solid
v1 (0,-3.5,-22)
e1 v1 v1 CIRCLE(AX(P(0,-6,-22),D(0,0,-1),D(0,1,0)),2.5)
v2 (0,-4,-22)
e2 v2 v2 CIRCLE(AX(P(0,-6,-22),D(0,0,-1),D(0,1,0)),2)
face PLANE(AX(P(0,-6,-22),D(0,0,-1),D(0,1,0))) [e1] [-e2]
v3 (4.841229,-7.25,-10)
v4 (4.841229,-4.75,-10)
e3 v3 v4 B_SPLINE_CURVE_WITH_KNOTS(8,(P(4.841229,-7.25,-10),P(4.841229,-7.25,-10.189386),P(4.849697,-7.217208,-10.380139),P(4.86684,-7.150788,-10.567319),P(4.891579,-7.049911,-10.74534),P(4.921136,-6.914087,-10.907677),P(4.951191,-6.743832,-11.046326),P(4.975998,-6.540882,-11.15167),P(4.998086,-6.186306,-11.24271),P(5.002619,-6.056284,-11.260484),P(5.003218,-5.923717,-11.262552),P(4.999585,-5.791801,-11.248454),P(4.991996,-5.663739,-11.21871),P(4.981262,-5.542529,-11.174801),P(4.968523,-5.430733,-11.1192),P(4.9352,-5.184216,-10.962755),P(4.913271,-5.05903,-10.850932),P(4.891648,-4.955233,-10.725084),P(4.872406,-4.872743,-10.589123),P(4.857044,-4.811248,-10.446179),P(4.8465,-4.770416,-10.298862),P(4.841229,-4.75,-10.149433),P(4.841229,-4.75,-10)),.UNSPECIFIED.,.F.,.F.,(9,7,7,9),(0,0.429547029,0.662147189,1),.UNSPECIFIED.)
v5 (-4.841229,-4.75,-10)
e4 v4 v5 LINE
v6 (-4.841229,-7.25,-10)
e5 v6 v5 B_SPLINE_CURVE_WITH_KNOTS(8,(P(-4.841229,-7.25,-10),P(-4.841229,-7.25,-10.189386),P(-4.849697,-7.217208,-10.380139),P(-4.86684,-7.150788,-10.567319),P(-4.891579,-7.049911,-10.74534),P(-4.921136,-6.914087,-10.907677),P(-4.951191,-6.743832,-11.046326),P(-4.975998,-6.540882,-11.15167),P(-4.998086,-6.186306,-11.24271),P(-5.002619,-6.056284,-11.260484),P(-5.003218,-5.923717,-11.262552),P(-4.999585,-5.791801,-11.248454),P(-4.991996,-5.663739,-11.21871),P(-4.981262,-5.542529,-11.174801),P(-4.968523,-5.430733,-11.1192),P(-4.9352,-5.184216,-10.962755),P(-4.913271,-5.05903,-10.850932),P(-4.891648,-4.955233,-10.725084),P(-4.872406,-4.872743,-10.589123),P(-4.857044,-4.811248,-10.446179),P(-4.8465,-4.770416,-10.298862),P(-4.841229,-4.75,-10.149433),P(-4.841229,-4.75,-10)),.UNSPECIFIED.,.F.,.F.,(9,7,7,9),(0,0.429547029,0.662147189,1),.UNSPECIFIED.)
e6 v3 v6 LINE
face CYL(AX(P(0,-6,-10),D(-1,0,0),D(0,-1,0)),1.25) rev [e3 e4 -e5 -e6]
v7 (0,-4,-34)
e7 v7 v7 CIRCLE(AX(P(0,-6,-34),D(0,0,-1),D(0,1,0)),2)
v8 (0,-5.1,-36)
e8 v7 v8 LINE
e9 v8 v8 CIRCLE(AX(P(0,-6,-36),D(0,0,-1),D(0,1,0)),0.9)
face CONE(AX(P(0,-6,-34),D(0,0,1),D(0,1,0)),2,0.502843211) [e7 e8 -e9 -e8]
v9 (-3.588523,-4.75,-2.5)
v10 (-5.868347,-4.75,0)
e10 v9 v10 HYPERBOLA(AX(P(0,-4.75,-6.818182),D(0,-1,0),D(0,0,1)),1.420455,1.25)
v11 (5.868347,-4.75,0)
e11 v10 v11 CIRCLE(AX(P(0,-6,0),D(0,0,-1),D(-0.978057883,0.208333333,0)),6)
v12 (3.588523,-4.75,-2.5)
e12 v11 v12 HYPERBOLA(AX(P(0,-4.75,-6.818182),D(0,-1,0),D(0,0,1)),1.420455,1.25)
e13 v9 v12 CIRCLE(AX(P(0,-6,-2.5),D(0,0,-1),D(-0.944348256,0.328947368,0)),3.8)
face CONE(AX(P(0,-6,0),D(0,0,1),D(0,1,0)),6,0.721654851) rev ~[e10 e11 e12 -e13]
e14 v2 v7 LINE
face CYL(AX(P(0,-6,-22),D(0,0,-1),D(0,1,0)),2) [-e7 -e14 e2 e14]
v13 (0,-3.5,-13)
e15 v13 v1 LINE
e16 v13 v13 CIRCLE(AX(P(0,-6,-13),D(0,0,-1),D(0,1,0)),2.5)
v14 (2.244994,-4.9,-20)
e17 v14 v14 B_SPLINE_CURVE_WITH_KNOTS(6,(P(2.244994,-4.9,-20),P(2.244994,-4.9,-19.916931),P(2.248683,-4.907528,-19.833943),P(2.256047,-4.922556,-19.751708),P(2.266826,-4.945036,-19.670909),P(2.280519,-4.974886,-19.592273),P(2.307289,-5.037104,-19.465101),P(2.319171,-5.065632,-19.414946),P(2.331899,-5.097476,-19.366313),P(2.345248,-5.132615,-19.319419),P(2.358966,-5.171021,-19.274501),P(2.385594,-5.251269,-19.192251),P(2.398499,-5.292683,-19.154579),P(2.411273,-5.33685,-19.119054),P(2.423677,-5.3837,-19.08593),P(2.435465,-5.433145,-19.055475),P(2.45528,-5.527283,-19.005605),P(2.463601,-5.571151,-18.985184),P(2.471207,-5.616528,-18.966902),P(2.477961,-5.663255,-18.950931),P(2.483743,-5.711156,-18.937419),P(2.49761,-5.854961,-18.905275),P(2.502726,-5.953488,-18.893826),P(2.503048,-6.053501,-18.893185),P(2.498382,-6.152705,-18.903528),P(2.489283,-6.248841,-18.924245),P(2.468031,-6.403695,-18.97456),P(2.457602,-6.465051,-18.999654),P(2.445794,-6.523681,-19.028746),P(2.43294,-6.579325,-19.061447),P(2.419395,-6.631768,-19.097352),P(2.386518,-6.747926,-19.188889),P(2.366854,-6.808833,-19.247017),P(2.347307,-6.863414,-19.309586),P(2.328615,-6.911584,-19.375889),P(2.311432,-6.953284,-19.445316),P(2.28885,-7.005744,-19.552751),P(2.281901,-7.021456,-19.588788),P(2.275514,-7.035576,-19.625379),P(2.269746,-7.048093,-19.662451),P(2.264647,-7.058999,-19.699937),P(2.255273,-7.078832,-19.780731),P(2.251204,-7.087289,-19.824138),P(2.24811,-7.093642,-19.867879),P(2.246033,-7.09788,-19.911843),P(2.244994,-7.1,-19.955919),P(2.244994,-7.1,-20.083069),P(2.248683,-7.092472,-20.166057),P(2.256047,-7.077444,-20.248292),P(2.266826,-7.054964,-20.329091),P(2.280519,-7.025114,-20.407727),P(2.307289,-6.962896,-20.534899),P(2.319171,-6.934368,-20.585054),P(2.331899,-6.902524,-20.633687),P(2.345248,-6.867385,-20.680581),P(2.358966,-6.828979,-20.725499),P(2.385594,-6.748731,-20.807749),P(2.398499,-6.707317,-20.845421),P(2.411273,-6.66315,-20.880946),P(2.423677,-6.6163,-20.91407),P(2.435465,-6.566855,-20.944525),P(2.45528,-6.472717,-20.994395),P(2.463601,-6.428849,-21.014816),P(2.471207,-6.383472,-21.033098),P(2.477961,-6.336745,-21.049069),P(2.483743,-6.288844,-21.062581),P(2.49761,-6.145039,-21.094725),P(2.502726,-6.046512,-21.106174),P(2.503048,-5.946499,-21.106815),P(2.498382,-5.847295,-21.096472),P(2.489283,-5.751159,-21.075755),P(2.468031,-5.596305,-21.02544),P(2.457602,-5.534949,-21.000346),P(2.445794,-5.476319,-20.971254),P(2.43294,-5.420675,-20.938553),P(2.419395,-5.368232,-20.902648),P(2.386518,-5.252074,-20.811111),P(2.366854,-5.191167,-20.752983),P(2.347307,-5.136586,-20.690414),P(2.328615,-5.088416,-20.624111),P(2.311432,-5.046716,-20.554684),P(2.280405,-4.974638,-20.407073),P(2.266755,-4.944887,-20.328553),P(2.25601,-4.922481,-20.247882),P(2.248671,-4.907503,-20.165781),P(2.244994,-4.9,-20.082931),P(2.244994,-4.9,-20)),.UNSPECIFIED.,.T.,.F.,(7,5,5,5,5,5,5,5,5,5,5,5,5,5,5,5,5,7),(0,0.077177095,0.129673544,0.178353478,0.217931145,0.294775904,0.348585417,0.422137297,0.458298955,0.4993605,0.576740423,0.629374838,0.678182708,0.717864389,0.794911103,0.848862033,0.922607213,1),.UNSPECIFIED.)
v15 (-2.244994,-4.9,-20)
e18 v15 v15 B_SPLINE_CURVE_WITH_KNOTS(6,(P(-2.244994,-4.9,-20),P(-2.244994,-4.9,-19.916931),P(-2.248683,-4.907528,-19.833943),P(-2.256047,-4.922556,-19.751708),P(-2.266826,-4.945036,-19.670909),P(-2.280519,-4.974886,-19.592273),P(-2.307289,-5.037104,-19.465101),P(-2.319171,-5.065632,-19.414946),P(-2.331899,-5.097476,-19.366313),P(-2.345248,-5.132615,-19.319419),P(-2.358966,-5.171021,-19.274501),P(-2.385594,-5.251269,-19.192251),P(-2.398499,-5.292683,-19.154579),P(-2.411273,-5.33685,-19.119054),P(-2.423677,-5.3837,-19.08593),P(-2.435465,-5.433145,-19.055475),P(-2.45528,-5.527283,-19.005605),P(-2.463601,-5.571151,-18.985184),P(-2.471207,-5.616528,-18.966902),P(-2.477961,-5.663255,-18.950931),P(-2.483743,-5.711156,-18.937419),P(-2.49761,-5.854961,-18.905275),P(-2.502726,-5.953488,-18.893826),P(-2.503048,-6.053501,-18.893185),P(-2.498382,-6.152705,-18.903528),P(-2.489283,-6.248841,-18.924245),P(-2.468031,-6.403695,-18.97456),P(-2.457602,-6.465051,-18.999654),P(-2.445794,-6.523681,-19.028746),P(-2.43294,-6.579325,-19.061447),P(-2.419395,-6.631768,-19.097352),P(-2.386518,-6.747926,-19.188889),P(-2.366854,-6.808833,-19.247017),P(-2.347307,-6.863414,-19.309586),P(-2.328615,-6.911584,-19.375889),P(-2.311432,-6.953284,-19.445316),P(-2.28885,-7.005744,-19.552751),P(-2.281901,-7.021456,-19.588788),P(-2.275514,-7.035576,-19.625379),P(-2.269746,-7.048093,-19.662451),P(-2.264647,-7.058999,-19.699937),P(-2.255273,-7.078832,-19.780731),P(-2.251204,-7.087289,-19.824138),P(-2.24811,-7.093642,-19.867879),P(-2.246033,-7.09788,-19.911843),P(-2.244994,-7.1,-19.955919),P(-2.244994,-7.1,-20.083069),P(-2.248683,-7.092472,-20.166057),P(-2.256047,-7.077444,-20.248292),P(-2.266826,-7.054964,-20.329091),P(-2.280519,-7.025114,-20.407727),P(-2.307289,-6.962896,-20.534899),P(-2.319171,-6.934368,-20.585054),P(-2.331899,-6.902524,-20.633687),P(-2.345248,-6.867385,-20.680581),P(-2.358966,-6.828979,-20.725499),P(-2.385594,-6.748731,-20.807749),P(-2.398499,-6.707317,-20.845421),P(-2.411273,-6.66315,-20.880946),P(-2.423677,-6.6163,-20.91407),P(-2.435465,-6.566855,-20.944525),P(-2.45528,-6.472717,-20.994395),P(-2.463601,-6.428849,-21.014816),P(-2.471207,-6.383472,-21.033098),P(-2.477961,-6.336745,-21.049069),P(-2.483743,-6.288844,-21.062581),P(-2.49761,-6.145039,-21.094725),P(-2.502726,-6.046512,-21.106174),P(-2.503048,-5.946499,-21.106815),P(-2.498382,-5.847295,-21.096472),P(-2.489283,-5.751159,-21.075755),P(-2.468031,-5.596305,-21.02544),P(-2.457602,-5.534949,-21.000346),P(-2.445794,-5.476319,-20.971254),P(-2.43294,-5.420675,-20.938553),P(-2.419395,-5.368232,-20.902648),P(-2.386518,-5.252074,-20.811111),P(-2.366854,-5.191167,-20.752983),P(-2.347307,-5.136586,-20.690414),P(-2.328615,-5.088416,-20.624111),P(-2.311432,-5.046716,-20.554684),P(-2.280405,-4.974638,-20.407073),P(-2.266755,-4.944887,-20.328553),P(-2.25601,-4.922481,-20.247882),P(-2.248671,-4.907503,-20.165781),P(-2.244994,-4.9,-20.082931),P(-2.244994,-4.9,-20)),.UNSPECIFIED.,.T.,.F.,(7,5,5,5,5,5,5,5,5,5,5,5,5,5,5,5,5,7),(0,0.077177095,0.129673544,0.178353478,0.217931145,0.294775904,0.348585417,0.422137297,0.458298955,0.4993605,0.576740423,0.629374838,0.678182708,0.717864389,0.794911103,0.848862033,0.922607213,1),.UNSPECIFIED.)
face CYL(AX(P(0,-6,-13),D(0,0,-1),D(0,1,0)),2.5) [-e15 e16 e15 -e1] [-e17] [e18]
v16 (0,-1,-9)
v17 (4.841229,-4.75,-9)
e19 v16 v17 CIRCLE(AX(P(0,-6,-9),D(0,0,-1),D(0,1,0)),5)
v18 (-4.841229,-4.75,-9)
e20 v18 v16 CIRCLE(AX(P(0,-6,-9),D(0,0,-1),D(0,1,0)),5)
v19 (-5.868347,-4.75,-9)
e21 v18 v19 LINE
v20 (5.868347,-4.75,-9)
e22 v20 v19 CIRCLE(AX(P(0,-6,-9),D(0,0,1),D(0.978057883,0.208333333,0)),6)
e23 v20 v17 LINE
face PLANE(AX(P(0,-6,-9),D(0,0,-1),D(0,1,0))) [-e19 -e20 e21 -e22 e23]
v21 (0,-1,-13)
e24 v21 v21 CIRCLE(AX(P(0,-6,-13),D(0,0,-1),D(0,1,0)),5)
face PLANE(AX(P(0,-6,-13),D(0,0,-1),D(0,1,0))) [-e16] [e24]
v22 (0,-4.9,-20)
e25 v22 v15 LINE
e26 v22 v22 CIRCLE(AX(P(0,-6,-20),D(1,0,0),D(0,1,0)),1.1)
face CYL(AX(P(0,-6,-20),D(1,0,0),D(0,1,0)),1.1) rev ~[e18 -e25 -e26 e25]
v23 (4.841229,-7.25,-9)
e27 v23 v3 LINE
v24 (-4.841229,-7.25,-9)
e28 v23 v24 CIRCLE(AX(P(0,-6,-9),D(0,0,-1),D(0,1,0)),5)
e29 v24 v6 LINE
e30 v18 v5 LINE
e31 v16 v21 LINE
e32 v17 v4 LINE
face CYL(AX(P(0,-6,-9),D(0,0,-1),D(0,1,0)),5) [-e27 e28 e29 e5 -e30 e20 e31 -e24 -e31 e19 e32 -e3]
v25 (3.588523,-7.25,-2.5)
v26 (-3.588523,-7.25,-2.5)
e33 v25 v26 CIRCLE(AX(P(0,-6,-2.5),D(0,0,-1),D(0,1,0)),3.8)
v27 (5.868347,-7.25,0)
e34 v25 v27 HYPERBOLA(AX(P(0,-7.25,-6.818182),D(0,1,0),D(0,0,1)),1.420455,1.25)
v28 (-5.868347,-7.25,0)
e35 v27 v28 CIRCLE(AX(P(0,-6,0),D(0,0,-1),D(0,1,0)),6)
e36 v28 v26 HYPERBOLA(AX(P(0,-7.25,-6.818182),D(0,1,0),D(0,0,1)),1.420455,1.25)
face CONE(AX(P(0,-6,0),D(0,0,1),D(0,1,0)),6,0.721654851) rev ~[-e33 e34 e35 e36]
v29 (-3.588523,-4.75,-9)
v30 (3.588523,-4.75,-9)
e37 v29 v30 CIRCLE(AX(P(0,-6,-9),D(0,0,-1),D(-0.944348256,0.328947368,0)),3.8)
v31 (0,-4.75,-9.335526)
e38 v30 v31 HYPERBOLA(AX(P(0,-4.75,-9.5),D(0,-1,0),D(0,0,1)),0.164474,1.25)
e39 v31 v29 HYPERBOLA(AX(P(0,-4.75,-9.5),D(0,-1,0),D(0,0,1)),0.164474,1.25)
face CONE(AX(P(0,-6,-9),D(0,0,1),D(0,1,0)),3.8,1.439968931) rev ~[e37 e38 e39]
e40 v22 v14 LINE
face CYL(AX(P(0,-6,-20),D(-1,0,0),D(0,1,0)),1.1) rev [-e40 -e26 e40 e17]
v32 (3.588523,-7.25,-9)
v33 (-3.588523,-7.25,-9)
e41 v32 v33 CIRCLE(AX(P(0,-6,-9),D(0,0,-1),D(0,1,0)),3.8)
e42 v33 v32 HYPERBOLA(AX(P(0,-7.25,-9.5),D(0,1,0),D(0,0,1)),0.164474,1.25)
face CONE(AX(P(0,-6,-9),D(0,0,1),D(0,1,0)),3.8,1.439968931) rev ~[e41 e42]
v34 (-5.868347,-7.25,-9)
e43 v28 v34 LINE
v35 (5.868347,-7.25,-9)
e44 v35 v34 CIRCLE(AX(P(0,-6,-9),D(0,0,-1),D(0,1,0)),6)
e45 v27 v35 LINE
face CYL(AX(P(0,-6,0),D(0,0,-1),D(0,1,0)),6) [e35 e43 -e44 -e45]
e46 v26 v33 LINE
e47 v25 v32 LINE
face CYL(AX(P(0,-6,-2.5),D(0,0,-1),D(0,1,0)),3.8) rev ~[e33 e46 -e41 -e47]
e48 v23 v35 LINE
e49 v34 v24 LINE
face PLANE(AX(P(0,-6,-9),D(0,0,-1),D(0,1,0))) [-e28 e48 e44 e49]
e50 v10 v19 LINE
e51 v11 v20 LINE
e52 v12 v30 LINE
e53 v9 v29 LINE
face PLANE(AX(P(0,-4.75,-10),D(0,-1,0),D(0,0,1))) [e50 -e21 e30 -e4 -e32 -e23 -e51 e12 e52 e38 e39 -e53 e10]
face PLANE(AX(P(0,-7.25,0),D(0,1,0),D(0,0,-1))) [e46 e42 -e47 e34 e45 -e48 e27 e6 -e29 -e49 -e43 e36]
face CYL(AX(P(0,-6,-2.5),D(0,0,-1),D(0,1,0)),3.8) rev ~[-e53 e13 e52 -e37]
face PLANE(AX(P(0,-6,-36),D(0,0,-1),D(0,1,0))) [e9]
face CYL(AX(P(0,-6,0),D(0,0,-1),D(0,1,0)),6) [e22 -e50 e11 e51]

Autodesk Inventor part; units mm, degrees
ref_plane "YZ Plane" through (0, 0, 0) normal (1, 0, 0) x (0, 1, 0)
ref_plane "XZ Plane" through (0, 0, 0) normal (0, 1, 0) x (-1, 0, 0)
ref_plane "XY Plane" through (0, 0, 0) normal (0, 0, 1) x (1, 0, 0)
sketch "Sketch1" plane through (0, 0, 0) normal (1, 0, 0) x (0, 1, 0)
  line L0 (0, 0) -> (0, -9)
  line L1 (0, -9) -> (-1, -9)
  line L2 (-1, -9) -> (-1, -13)
  line L3 (-1, -13) -> (-3.5, -13)
  line L4 (-3.5, -13) -> (-3.5, -22)
  line L5 (-3.5, -22) -> (-4, -22)
  line L6 (-4, -22) -> (-4, -34)
  line L7 (-4, -34) -> (-5.1, -36)
  line L8 (-5.1, -36) -> (-6, -36)
  line L9 (0, 0) -> (-2.2, -2.5)
  line L10 (-2.2, -2.5) -> (-2.2, -9)
  line L11 (-6, -9.5) -> (-6, -36)
  line L12 (-2.2, -9) -> (-6, -9.5)
  dimension "d0" = 9
  dimension "d1" = 4
  dimension "d2" = 1
  dimension "d3" = 2.5
  dimension "d4" = 9
  dimension "d5" = 12
  dimension "d6" = 2
  dimension "d7" = 2
  dimension "d9" = 2.2
  dimension "d10" = 2.5
  dimension "d11" = 6.5
  dimension "d12" = 0.5
  dimension "d14" = 0.5
  dimension "d15" = 1.1
revolve "Revolution1" add sketch "Sketch1" angle 360 about axis through (0, -6, -9.5) along (0, 0, -1)
sketch "Sketch3" plane through (0, 0, 0) normal (1, 0, 0) x (0, 1, 0)
  line L0 (-4.75, 0) -> (-7.25, 0)
  line L1 (-7.25, 0) -> (-7.25, -10)
  line L2 (-4.75, -10) -> (-4.75, 0)
  arc A0 (-7.25, -10) -> (-4.75, -10) centre (-6, -10) ccw
  line L3 (0, -43.2) -> (0, 7.2) projected
  line L4 (-14.4, 0) -> (2.4, 0) projected
  point P0 (0, 0)
  dimension "d19" = 2.5
  dimension "d20" = 10
  dimension "d21" = 6
extrude "Extrusion1" cut sketch "Sketch3" along normal through all both and the other way through all
sketch "Sketch4" plane through (0, 0, 0) normal (1, 0, 0) x (0, 1, 0)
  circle A0 centre (-6, -20) radius 1.1
  line L0 (0, -43.2) -> (0, 7.2) projected
  line L1 (-14.4, 0) -> (2.4, 0) projected
  point P0 (0, 0)
  dimension "d24" = 2.2
  dimension "d25" = 6
  dimension "d26" = 20
extrude "Extrusion2" cut sketch "Sketch4" along normal through all both and the other way through all
thread "Thread1" size "M4x0.7" class "6g" standard "ANSI Metric M Profile" length 8
properties part number "RCT-H005"
